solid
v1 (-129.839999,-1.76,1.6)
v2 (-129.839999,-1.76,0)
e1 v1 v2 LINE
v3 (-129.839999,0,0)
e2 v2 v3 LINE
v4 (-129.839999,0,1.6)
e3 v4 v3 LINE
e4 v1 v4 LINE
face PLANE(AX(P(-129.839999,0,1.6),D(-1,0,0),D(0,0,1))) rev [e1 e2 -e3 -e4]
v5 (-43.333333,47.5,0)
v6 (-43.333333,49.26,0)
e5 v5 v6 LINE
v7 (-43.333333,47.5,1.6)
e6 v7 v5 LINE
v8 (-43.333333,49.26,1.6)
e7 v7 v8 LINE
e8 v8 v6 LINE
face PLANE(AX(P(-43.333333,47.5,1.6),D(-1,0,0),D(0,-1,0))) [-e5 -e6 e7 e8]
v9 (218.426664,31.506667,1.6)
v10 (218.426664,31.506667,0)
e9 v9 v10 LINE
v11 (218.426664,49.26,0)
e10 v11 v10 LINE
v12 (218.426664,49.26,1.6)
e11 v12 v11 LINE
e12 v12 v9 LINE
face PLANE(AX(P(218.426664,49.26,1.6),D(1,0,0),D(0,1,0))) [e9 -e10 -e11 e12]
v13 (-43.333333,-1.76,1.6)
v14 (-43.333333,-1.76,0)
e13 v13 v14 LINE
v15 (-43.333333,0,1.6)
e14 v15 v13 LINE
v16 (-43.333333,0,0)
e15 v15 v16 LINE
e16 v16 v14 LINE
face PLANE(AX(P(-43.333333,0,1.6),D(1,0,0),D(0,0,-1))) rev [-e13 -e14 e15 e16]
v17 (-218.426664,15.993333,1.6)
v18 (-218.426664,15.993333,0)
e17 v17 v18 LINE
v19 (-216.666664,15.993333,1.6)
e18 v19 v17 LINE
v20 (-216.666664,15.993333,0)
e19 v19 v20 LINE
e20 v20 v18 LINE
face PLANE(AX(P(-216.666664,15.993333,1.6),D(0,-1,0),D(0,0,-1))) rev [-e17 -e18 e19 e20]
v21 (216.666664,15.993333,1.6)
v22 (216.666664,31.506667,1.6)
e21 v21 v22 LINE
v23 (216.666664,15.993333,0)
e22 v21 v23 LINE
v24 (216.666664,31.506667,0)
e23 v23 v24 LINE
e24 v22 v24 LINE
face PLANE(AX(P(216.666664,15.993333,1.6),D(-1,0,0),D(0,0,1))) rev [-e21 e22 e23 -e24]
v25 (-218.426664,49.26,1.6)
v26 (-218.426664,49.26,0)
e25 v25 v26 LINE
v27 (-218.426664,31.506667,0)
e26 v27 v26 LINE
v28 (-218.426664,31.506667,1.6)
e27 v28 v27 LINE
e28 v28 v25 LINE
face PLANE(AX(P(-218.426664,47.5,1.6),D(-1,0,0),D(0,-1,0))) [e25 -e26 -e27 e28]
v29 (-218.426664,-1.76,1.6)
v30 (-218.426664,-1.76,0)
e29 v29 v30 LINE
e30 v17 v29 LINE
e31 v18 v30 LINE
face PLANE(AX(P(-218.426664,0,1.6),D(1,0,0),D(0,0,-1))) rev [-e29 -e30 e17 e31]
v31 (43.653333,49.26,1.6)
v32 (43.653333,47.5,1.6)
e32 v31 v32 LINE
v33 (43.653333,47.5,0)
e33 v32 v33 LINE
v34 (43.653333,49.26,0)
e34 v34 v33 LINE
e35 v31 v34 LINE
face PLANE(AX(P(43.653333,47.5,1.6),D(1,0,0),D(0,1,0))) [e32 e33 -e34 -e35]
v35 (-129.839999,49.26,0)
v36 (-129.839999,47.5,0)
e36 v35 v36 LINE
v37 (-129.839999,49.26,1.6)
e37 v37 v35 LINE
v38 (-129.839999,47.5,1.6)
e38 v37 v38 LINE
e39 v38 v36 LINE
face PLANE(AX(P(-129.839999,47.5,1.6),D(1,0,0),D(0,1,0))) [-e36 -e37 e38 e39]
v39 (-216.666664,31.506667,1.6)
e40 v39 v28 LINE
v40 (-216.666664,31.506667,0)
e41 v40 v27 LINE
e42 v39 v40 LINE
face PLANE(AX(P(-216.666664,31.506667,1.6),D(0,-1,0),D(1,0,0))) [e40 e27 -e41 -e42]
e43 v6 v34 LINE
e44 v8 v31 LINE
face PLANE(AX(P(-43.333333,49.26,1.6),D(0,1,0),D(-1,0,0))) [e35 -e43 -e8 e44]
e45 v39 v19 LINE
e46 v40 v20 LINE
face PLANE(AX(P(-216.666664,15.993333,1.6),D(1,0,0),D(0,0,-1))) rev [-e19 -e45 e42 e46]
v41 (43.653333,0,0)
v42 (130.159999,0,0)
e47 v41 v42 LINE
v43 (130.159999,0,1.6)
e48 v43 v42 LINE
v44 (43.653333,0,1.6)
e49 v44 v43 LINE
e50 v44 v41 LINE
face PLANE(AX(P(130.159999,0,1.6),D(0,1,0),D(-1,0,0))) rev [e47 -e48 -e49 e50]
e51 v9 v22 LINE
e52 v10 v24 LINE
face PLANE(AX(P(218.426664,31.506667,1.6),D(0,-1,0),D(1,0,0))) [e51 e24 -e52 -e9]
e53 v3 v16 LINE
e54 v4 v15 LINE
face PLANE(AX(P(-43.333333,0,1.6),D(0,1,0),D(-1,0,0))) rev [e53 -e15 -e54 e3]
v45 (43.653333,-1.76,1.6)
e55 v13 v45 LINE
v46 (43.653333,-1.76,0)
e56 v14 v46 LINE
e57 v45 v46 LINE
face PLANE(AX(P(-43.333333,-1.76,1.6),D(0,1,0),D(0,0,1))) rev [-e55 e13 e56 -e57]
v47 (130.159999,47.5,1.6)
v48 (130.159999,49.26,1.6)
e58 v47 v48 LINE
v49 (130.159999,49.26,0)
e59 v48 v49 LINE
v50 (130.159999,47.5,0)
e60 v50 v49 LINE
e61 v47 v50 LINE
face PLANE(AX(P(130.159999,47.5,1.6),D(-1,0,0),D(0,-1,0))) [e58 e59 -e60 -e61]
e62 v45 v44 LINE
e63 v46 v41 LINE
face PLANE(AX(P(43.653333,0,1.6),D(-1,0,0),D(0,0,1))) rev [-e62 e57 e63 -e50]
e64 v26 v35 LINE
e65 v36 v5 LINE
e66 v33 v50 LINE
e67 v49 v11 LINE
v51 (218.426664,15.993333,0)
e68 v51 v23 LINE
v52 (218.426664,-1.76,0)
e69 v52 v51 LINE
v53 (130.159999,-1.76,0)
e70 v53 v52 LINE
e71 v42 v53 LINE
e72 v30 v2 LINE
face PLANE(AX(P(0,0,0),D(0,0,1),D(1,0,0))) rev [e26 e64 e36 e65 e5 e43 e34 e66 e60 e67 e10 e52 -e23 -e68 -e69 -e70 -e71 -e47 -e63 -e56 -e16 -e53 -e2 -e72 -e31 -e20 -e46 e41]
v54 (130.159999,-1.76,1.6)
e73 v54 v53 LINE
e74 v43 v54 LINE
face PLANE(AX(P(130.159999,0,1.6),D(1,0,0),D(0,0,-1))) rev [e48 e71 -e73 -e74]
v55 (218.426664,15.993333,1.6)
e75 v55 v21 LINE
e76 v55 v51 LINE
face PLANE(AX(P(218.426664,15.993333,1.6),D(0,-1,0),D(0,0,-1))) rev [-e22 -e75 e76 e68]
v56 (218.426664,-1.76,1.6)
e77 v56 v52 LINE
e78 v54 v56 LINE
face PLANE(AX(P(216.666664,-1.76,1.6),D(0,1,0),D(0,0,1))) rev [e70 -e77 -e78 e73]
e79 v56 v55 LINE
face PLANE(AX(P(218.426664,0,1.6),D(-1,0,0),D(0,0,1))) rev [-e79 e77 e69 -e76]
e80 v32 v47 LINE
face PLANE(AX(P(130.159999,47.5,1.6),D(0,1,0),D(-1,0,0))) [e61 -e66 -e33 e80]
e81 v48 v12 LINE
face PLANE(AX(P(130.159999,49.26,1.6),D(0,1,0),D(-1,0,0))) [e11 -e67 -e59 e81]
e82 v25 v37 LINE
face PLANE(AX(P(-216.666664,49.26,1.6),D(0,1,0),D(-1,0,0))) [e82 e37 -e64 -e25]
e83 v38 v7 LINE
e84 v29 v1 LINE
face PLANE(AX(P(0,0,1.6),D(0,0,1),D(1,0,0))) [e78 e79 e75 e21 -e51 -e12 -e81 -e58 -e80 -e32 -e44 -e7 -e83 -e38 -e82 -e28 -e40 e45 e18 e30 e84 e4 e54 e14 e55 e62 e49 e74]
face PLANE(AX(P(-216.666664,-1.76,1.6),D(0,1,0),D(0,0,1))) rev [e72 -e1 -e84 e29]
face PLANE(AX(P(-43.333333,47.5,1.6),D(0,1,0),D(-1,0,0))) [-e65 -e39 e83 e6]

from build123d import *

# Parameters (mm, degrees)
BOSS_EXTRUDE1_DEPTH = 1.6


with BuildPart() as part:
    # Sketch1 → Boss-Extrude1 (new body)
    with BuildSketch(Plane.XY):
        Polygon((-43.3333329, 0), (-129.8399987, 0), (-129.8399987, -1.76), (-216.6666645, -1.76), (-218.4266645, -1.76), (-218.4266645, 0), (-218.4266645, 15.993333333), (-216.6666645, 15.993333333), (-216.6666645, 23.75), (216.6666645, 23.75), (216.6666645, 15.993333333), (218.4266645, 15.993333333), (218.4266645, 0), (218.4266645, -1.76), (216.6666645, -1.76), (130.1599987, -1.76), (130.1599987, 0), (43.6533329, 0), (43.6533329, -1.76), (-43.3333329, -1.76), align=None)
    boss_extrude1 = extrude(amount=BOSS_EXTRUDE1_DEPTH)

    # Mirror1: Boss-Extrude1 across plane
    add(boss_extrude1.mirror(Plane(origin=(216.6666645, 23.75, 1.6), x_dir=(0, 0, 1), z_dir=(0, -1, 0))))


solid = part.part
